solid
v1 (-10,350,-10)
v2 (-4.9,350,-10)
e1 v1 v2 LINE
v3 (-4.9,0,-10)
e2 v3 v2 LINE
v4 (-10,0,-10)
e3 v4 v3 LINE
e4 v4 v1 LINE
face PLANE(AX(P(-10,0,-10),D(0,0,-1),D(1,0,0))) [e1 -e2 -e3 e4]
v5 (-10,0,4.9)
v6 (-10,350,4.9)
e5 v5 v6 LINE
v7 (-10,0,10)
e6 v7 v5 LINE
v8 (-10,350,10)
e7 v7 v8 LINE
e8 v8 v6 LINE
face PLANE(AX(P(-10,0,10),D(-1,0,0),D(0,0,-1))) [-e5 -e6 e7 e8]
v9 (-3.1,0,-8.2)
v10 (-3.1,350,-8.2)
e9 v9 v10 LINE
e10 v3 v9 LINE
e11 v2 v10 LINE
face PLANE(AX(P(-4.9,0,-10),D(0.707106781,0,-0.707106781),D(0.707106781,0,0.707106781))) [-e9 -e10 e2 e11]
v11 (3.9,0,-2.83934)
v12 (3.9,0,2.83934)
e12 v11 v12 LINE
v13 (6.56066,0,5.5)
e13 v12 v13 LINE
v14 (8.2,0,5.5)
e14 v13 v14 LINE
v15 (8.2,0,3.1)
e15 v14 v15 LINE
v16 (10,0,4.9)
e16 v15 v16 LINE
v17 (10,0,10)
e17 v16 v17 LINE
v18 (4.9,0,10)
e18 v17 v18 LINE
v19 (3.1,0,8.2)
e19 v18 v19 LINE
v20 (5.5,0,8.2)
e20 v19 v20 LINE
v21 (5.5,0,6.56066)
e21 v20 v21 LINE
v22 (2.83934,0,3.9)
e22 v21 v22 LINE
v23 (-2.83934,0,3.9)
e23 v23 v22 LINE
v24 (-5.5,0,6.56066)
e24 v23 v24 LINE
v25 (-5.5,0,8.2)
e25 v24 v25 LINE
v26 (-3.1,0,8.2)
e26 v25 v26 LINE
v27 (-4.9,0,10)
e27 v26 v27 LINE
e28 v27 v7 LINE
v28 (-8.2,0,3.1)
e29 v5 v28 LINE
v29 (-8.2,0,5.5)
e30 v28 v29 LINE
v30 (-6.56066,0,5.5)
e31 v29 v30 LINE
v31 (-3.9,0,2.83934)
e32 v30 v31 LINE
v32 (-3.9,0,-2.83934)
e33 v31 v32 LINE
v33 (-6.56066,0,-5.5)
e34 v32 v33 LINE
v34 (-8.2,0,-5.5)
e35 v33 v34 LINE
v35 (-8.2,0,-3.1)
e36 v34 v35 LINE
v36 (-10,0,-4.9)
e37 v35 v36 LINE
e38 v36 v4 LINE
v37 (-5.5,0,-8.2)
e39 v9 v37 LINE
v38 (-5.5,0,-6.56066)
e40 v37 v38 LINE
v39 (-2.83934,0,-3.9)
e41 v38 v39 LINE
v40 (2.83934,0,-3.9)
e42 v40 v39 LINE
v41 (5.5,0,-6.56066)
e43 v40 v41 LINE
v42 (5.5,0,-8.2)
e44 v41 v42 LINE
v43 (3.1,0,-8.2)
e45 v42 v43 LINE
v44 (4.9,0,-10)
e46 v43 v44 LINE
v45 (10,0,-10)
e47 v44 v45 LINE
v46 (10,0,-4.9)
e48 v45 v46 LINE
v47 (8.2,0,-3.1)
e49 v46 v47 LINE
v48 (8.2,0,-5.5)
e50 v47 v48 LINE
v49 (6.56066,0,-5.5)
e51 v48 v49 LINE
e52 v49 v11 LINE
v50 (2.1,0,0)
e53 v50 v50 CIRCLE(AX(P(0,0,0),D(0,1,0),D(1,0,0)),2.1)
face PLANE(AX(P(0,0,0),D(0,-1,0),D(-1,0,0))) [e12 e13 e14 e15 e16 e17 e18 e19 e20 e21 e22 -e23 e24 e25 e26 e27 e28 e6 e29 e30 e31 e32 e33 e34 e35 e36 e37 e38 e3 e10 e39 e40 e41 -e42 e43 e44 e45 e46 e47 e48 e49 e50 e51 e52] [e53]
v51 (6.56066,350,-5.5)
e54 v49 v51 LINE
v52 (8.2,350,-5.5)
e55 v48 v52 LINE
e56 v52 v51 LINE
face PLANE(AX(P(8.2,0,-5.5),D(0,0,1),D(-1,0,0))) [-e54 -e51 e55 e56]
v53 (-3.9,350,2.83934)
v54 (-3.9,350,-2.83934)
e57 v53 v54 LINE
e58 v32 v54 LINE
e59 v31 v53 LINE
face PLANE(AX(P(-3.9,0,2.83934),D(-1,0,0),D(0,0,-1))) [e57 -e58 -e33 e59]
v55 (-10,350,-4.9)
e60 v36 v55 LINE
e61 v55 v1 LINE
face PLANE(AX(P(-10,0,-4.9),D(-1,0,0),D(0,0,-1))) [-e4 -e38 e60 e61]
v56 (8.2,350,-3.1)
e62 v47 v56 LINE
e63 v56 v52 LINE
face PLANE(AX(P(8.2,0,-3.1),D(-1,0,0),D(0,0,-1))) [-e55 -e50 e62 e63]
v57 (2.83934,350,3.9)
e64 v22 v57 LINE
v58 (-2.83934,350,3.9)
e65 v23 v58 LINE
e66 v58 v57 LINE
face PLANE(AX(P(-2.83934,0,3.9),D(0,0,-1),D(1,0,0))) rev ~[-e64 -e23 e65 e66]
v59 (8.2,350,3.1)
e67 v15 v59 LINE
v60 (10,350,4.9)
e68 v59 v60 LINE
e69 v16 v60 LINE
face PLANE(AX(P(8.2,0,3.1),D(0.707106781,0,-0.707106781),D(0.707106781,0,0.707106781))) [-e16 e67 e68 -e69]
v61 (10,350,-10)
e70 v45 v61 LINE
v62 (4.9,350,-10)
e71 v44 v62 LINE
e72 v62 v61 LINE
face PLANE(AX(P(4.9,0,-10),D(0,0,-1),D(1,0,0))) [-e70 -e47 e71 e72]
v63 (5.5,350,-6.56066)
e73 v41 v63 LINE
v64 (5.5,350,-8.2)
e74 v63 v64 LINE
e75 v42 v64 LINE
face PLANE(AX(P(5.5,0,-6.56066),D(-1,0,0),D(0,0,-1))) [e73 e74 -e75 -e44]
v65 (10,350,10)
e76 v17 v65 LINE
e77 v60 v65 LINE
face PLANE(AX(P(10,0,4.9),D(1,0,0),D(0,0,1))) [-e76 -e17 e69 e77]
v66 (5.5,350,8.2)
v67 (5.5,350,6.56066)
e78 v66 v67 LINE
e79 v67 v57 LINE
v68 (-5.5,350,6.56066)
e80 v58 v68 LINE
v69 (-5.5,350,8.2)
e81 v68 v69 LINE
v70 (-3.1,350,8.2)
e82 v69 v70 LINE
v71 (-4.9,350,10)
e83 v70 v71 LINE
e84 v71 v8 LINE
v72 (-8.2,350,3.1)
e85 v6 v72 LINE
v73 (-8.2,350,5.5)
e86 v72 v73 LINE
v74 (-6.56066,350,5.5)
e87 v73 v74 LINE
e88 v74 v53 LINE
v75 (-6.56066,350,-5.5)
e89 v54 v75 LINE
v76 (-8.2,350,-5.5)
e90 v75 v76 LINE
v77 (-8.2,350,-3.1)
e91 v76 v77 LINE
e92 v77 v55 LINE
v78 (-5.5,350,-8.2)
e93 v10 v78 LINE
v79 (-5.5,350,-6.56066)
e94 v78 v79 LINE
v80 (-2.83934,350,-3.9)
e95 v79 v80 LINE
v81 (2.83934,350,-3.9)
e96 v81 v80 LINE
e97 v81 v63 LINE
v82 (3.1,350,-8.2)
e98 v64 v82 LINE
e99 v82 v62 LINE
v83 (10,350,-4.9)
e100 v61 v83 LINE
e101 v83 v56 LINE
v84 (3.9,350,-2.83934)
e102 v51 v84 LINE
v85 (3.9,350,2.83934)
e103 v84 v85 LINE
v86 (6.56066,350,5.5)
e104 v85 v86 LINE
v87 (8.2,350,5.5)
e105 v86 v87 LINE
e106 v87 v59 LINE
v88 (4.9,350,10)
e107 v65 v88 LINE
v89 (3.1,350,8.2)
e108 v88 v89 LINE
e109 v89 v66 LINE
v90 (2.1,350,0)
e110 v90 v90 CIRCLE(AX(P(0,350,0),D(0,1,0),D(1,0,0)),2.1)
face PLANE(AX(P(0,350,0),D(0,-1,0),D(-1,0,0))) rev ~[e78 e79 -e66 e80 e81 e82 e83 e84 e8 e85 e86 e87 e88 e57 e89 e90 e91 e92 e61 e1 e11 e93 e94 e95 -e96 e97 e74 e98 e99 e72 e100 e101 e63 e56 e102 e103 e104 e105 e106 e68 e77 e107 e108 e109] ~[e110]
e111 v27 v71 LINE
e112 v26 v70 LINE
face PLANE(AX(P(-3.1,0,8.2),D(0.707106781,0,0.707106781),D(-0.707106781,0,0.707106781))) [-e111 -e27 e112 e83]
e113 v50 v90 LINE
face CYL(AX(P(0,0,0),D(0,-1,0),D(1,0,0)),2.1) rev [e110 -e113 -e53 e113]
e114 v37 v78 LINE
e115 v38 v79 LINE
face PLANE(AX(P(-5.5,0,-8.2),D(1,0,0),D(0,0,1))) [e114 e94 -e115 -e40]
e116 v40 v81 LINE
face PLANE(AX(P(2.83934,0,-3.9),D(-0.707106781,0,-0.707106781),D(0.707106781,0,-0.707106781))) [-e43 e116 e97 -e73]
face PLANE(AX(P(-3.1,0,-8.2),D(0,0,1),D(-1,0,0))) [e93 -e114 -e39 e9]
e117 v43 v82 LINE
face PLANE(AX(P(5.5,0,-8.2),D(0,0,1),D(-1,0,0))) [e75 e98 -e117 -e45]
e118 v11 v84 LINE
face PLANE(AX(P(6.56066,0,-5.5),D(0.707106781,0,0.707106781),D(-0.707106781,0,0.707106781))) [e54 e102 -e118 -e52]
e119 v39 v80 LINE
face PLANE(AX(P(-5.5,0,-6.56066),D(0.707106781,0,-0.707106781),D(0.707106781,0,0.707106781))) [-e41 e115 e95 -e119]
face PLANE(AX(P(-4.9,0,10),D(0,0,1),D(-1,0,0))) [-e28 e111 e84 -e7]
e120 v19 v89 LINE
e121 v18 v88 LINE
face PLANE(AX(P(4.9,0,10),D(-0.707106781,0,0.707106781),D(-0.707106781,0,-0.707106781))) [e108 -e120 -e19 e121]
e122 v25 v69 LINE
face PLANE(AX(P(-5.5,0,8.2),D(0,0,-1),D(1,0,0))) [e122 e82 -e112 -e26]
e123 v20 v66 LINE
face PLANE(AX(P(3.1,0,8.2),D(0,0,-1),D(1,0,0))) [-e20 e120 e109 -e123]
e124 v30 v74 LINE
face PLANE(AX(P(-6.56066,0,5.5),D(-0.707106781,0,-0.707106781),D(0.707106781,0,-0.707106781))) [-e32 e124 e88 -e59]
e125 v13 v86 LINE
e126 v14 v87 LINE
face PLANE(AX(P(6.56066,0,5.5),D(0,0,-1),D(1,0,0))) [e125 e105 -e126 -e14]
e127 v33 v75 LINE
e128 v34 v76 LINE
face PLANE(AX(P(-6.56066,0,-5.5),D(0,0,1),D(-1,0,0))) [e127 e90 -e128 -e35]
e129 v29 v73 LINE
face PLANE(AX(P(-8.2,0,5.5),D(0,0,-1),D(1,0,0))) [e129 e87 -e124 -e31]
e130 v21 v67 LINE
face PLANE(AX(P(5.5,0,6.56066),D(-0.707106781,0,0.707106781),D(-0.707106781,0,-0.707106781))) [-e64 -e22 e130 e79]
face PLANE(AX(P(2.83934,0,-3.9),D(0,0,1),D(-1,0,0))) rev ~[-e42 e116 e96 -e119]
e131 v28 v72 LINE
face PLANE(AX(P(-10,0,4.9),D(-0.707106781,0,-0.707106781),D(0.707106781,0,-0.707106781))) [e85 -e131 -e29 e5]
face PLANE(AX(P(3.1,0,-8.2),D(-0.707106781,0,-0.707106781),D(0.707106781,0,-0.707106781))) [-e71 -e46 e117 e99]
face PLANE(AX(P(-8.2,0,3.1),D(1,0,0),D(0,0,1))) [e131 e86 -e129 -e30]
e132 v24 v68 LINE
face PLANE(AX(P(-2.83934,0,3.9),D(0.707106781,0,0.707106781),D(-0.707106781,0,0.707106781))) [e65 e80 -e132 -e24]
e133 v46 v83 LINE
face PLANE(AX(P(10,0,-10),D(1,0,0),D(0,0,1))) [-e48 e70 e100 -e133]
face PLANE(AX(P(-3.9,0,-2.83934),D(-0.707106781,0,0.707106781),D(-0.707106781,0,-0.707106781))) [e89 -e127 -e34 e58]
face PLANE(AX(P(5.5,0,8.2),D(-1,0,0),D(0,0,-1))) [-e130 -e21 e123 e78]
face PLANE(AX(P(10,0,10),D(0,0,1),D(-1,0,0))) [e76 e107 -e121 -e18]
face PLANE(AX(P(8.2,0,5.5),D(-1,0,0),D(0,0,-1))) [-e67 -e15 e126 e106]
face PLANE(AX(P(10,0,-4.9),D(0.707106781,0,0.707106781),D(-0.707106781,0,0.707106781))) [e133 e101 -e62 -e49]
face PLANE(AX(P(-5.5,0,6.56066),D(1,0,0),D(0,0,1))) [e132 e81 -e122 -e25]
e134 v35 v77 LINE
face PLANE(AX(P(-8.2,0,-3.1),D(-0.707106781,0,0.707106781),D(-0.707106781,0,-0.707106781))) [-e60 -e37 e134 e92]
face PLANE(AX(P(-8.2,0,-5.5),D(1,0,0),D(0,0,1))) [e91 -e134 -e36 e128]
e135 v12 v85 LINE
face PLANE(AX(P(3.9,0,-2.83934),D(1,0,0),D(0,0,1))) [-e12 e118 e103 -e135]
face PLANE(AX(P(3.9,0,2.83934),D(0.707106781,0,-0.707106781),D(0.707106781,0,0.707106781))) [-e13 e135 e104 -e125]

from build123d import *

# Parameters (mm, degrees)
SKETCH_1_R      = 2.1
EXTRUDE_1_DEPTH = 350


with BuildPart() as part:
    # 草图1 → 凸台-拉伸1 (new body)
    with BuildSketch(Plane(origin=(0, 0, 0), x_dir=(1, 0, 0), z_dir=(0, 1, 0))):
        Polygon((-10, 10), (-4.9, 10), (-3.1, 8.2), (-5.5, 8.2), (-5.5, 6.560660172), (-2.839339828, 3.9), (0, 3.9), (2.839339828, 3.9), (5.5, 6.560660172), (5.5, 8.2), (3.1, 8.2), (4.9, 10), (10, 10), (10, 4.9), (8.2, 3.1), (8.2, 5.5), (6.560660172, 5.5), (3.9, 2.839339828), (3.9, -2.839339828), (6.560660172, -5.5), (8.2, -5.5), (8.2, -3.1), (10, -4.9), (10, -10), (4.9, -10), (3.1, -8.2), (5.5, -8.2), (5.5, -6.560660172), (2.839339828, -3.9), (0, -3.9), (-2.839339828, -3.9), (-5.5, -6.560660172), (-5.5, -8.2), (-3.1, -8.2), (-4.9, -10), (-10, -10), (-10, -4.9), (-8.2, -3.1), (-8.2, -5.5), (-6.560660172, -5.5), (-3.9, -2.839339828), (-3.9, 2.839339828), (-6.560660172, 5.5), (-8.2, 5.5), (-8.2, 3.1), (-10, 4.9), align=None)
        Circle(SKETCH_1_R, mode=Mode.SUBTRACT)
    extrude(amount=EXTRUDE_1_DEPTH)


solid = part.part
